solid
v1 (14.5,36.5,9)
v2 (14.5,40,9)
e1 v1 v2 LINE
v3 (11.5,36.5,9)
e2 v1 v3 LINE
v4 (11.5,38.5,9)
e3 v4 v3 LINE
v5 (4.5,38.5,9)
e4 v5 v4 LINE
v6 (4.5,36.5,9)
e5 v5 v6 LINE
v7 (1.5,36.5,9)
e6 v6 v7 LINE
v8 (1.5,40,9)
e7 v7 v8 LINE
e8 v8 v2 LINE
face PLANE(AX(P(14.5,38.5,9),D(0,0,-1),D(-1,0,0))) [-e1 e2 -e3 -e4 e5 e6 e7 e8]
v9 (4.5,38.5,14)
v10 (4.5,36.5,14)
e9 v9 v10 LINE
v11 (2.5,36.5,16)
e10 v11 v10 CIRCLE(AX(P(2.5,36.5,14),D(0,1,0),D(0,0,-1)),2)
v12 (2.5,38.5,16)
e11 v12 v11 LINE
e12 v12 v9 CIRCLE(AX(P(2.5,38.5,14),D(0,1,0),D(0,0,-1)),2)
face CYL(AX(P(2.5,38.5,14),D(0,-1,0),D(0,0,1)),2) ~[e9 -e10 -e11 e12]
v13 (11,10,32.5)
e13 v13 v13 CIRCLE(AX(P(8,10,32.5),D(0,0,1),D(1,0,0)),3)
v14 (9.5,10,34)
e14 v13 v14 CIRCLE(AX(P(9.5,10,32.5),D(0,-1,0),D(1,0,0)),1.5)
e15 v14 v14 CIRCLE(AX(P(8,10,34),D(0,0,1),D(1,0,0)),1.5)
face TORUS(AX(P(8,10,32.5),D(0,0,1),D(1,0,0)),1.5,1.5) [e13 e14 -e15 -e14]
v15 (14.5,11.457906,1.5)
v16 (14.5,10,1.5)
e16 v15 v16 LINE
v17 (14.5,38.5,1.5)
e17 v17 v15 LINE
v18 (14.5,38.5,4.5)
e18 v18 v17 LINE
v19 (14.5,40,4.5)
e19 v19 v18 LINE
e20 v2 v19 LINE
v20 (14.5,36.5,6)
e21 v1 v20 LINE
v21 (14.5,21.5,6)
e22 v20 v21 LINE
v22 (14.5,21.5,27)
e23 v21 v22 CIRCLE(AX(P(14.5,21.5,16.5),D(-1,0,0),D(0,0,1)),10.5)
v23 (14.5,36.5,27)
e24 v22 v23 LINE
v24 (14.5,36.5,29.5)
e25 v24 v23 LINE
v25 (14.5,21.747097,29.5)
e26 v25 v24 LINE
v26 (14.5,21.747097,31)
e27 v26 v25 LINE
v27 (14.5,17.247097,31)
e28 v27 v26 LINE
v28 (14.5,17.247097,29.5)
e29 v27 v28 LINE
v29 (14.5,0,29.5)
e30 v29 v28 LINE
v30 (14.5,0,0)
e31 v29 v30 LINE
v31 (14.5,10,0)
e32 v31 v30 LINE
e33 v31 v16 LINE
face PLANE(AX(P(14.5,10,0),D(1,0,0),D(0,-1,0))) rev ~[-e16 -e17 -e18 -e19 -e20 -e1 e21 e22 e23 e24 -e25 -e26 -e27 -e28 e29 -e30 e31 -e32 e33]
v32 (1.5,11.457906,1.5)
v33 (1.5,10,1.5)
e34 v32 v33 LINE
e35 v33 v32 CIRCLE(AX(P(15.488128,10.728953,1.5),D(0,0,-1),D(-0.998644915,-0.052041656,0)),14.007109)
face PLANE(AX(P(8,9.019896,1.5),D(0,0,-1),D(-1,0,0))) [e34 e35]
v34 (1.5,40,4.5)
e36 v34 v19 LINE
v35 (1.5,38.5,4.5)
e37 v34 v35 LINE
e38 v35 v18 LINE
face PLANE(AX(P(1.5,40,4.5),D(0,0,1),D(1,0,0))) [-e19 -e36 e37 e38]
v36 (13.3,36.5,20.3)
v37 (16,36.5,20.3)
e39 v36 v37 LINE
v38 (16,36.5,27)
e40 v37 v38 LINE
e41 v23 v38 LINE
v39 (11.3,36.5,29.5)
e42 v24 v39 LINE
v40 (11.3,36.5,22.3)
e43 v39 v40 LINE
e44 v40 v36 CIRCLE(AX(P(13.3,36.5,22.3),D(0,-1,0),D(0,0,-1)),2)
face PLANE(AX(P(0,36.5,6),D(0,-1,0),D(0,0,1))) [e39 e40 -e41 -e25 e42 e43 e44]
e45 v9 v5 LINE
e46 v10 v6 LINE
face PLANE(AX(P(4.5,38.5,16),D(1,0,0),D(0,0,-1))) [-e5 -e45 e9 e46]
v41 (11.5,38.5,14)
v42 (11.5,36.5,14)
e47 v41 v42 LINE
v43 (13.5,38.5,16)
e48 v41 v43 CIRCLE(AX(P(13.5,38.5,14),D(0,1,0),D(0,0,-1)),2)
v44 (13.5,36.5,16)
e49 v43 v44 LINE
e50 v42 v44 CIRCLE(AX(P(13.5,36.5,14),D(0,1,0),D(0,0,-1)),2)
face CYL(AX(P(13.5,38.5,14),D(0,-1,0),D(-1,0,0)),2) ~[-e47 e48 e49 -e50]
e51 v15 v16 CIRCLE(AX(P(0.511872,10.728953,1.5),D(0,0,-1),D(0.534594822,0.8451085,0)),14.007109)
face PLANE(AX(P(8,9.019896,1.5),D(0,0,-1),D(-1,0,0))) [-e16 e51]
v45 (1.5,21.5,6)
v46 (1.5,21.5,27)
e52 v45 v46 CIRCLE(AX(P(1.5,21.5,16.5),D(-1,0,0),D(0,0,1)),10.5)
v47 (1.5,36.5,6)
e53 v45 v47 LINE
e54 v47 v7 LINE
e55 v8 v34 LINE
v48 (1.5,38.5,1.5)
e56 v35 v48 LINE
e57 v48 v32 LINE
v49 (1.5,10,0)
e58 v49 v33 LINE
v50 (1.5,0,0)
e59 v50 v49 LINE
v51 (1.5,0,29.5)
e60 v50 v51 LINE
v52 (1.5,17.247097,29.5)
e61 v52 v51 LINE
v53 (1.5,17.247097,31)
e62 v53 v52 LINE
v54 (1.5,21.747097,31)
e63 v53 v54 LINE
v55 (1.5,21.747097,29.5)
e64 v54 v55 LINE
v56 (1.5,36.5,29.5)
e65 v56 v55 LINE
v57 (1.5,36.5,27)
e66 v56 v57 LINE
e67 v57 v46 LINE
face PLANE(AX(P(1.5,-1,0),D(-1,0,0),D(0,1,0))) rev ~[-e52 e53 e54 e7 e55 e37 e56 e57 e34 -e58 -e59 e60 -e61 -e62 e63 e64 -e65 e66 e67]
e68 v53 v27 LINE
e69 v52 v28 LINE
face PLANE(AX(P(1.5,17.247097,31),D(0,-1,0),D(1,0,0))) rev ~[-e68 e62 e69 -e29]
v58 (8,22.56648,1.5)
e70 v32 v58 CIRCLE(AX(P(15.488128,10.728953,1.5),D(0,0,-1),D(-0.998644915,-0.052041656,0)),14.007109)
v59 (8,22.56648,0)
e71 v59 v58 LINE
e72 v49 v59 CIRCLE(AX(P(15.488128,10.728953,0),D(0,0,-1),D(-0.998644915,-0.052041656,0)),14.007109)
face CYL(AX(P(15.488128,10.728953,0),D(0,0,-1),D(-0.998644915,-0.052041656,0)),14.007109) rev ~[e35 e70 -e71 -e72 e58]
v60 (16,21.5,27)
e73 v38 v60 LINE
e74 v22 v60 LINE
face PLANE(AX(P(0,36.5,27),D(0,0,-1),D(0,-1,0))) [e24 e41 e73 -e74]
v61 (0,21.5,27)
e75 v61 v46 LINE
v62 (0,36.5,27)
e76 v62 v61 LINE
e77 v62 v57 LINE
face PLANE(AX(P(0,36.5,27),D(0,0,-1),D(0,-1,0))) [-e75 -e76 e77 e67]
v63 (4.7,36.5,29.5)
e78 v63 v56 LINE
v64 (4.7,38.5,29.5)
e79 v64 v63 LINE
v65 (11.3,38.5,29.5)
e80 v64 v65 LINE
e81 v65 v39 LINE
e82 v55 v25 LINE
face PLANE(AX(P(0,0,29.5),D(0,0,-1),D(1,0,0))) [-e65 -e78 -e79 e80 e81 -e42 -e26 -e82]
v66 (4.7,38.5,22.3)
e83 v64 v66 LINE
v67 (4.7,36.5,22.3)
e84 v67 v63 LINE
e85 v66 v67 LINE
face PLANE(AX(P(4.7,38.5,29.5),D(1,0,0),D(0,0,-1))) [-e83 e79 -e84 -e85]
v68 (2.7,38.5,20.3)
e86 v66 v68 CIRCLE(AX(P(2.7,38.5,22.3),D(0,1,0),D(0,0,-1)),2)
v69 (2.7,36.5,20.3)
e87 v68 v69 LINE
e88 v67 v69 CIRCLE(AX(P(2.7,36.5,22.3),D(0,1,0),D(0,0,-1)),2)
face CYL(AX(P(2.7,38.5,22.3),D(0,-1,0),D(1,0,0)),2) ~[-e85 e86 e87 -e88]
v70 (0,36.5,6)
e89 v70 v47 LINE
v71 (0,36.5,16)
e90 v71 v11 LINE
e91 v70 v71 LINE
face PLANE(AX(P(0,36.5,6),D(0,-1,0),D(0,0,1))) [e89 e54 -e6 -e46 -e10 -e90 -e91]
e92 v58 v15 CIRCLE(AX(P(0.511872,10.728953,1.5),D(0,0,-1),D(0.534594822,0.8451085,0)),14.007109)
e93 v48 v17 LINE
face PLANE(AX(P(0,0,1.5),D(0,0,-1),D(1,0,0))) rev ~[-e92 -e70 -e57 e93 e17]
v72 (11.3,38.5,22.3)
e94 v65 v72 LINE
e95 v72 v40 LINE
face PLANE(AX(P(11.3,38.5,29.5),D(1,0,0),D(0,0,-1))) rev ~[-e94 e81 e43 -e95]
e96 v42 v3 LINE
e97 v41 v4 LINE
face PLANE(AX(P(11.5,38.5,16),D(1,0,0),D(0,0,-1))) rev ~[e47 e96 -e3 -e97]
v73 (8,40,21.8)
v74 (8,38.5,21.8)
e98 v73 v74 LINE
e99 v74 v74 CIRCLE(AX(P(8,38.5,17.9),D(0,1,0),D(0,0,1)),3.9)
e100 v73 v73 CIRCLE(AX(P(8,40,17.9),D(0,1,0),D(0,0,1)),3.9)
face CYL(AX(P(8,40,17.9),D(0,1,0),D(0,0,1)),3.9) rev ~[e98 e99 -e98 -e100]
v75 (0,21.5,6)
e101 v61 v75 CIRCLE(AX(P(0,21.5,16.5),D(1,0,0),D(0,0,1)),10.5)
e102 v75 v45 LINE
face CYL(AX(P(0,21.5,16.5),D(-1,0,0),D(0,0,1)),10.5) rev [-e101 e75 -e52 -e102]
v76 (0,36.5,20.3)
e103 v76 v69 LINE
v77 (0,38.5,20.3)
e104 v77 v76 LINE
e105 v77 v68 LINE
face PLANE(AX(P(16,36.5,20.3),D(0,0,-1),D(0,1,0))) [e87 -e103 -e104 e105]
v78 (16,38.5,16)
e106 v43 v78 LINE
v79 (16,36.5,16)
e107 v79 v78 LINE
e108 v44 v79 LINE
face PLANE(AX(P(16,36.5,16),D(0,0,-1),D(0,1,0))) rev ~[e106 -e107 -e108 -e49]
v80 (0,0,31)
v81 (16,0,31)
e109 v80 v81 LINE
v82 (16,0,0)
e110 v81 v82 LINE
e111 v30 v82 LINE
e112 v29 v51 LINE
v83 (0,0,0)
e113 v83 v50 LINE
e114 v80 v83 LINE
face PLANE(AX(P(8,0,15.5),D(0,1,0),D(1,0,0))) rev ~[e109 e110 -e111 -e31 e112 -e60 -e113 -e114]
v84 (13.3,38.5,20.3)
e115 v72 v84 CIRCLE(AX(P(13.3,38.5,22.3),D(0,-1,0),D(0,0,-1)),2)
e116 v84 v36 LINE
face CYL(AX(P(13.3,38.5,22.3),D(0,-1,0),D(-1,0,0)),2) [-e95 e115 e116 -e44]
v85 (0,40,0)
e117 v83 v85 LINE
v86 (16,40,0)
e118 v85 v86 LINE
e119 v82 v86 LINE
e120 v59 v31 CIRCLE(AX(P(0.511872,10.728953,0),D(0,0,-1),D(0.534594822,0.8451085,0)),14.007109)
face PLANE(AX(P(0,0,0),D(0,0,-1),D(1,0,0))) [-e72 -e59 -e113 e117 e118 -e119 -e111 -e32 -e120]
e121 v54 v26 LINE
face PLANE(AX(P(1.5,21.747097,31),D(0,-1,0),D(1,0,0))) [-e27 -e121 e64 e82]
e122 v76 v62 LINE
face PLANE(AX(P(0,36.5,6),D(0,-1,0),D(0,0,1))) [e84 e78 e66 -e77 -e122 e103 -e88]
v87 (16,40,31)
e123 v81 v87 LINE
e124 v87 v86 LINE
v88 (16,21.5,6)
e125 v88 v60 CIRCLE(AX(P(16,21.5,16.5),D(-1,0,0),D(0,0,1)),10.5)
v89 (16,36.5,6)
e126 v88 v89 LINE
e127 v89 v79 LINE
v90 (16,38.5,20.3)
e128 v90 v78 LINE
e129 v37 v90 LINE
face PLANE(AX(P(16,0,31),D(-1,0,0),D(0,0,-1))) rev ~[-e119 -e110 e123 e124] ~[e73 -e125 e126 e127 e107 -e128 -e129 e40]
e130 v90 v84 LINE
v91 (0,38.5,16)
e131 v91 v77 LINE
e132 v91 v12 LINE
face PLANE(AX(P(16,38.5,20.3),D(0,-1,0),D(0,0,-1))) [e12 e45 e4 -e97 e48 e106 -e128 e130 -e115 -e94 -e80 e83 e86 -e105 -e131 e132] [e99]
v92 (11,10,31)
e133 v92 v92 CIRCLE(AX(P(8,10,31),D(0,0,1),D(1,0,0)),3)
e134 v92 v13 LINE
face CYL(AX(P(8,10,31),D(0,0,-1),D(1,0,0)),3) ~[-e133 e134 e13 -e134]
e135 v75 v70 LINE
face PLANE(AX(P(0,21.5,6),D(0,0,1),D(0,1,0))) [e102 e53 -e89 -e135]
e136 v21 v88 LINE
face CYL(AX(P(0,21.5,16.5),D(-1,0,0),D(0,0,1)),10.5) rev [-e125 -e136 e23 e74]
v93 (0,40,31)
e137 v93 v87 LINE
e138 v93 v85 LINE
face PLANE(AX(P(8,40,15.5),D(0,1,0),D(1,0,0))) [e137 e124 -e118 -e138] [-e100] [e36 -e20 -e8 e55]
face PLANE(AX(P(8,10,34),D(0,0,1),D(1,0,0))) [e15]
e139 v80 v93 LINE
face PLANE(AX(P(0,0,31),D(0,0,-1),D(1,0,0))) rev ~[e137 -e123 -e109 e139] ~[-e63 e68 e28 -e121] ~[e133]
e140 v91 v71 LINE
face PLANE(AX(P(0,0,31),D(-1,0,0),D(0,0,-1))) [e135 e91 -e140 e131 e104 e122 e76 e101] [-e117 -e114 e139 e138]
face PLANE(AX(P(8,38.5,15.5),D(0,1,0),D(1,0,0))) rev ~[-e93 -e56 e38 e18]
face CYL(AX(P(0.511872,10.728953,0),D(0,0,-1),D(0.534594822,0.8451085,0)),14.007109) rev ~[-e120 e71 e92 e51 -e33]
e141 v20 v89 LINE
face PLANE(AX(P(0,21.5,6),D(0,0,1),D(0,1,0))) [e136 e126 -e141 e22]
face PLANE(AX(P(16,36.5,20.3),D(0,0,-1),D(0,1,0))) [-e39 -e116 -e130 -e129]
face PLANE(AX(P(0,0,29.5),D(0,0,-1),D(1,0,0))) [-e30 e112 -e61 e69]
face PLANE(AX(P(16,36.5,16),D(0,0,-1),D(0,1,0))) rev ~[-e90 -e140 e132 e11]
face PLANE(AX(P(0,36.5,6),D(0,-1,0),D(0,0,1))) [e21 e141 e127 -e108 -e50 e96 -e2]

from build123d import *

# Parameters (mm, degrees)
SKETCH1_W           = 16
SKETCH1_H           = 31
BOSS_EXTRUDE1_DEPTH = 40
SHELL1_T            = -1.5
SKETCH2_W           = 13
SKETCH2_H           = 4.5
CUT_EXTRUDE1_DEPTH  = 1.5
CUT_EXTRUDE2_DEPTH  = 1.5
SKETCH4_R           = 3.9
CUT_EXTRUDE3_DEPTH  = 1.5
SKETCH6_W           = 3
SKETCH6_H           = 7
BOSS_EXTRUDE2_DEPTH = 2
SKETCH7_W           = 3.2
SKETCH7_H           = 9.2
BOSS_EXTRUDE3_DEPTH = 2
SKETCH9_W           = 13
SKETCH9_H           = 4.5
CUT_EXTRUDE5_DEPTH  = 1.5
FILLET1_R           = 2
SKETCH10_R          = 3
BOSS_EXTRUDE4_DEPTH = 3
FILLET2_R           = 1.5
CUT_EXTRUDE6_DEPTH  = 55.881690936
SKETCH12_W          = 4.3
SKETCH12_H          = 2
CUT_EXTRUDE7_DEPTH  = 55.881690936


with BuildPart() as part:
    # Sketch1 → Boss-Extrude1 (new body)
    with BuildSketch(Plane(origin=(0, 0, 0), x_dir=(1, 0, 0), z_dir=(0, 1, 0))):
        with Locations((8, -15.5)):
            Rectangle(SKETCH1_W, SKETCH1_H)
    extrude(amount=BOSS_EXTRUDE1_DEPTH)

    # Shell1
    shell1_openings = [part.faces().sort_by_distance(p)[0] for p in [
        (8, 0, 15.5),
    ]]
    offset(amount=SHELL1_T, openings=shell1_openings, kind=Kind.INTERSECTION)

    # Sketch2 → Cut-Extrude1 (cut)
    with BuildSketch(Plane(origin=(0, 40, 0), x_dir=(1, 0, 0), z_dir=(0, 1, 0))):
        with Locations((8, -6.75)):
            Rectangle(SKETCH2_W, SKETCH2_H)
    extrude(amount=-CUT_EXTRUDE1_DEPTH, mode=Mode.SUBTRACT)

    # Sketch3 → Cut-Extrude2 (cut)
    with BuildSketch(Plane(origin=(0, 0, 0), x_dir=(-1, 0, 0), z_dir=(0, 0, -1))):
        with BuildLine():
            Line((-14.5, 10), (-14.5, -1))
            Line((-14.5, -1), (-1.5, -1))
            Line((-1.5, -1), (-1.5, 10))
            ThreePointArc((-1.5, 10), (-3.046805874, 17.164215382), (-8, 22.566479573))
            ThreePointArc((-8, 22.566479573), (-12.953194126, 17.164215382), (-14.5, 10))
        make_face()
    extrude(amount=-CUT_EXTRUDE2_DEPTH, mode=Mode.SUBTRACT)

    # Sketch4 → Cut-Extrude3 (cut)
    with BuildSketch(Plane(origin=(0, 40, 0), x_dir=(1, 0, 0), z_dir=(0, 1, 0))):
        with Locations(Location((8, -17.9, 0), (0, 0, 270))):
            Circle(SKETCH4_R)
    extrude(amount=-CUT_EXTRUDE3_DEPTH, mode=Mode.SUBTRACT)

    # Sketch6 → Boss-Extrude2 (add)
    with BuildSketch(Plane(origin=(0, 38.5, 0), x_dir=(-1, 0, 0), z_dir=(0, -1, 0))):
        with Locations((-13, -12.5)):
            Rectangle(SKETCH6_W, SKETCH6_H)
        with Locations((-3, -12.5)):
            Rectangle(SKETCH6_W, SKETCH6_H)
    extrude(amount=BOSS_EXTRUDE2_DEPTH)

    # Sketch7 → Boss-Extrude3 (add)
    with BuildSketch(Plane(origin=(0, 38.5, 0), x_dir=(-1, 0, 0), z_dir=(0, -1, 0))):
        with Locations((-12.9, -24.9)):
            Rectangle(SKETCH7_W, SKETCH7_H)
        with Locations((-3.1, -24.9)):
            Rectangle(SKETCH7_W, SKETCH7_H)
    extrude(amount=BOSS_EXTRUDE3_DEPTH)

    # Sketch9 → Cut-Extrude5 (cut)
    with BuildSketch(Plane.XY.offset(31)):
        with Locations((8, 19.497097074)):
            Rectangle(SKETCH9_W, SKETCH9_H)
    extrude(amount=-CUT_EXTRUDE5_DEPTH, mode=Mode.SUBTRACT)

    # Fillet1
    fillet1_edges = [part.edges().sort_by_distance(p)[0] for p in [
        (11.3, 37.5, 20.3),
        (4.7, 37.5, 20.3),
        (11.5, 37.5, 16),
        (4.5, 37.5, 16),
    ]]
    fillet(fillet1_edges, radius=FILLET1_R)

    # Sketch10 → Boss-Extrude4 (add)
    with BuildSketch(Plane.XY.offset(31)):
        with Locations((8, 10)):
            Circle(SKETCH10_R)
    extrude(amount=BOSS_EXTRUDE4_DEPTH)

    # Fillet2
    fillet2_edges = [part.edges().sort_by_distance(p)[0] for p in [
        (5, 10, 34),
    ]]
    fillet(fillet2_edges, radius=FILLET2_R)

    # Sketch11 → Cut-Extrude6 (cut, through all)
    with BuildSketch(Plane.ZY):
        with BuildLine():
            Line((6, 36.5), (27, 36.5))
            Line((27, 36.5), (27, 21.5))
            ThreePointArc((27, 21.5), (16.5, 11), (6, 21.5))
            Line((6, 21.5), (6, 36.5))
        make_face()
    extrude(amount=-CUT_EXTRUDE6_DEPTH, mode=Mode.SUBTRACT)

    # Sketch12 → Cut-Extrude7 (cut, through all)
    with BuildSketch(Plane(origin=(16, 0, 0), x_dir=(0, 0, -1), z_dir=(1, 0, 0))):
        with Locations((-18.15, 37.5)):
            Rectangle(SKETCH12_W, SKETCH12_H)
    extrude(amount=-CUT_EXTRUDE7_DEPTH, mode=Mode.SUBTRACT)


solid = part.part
